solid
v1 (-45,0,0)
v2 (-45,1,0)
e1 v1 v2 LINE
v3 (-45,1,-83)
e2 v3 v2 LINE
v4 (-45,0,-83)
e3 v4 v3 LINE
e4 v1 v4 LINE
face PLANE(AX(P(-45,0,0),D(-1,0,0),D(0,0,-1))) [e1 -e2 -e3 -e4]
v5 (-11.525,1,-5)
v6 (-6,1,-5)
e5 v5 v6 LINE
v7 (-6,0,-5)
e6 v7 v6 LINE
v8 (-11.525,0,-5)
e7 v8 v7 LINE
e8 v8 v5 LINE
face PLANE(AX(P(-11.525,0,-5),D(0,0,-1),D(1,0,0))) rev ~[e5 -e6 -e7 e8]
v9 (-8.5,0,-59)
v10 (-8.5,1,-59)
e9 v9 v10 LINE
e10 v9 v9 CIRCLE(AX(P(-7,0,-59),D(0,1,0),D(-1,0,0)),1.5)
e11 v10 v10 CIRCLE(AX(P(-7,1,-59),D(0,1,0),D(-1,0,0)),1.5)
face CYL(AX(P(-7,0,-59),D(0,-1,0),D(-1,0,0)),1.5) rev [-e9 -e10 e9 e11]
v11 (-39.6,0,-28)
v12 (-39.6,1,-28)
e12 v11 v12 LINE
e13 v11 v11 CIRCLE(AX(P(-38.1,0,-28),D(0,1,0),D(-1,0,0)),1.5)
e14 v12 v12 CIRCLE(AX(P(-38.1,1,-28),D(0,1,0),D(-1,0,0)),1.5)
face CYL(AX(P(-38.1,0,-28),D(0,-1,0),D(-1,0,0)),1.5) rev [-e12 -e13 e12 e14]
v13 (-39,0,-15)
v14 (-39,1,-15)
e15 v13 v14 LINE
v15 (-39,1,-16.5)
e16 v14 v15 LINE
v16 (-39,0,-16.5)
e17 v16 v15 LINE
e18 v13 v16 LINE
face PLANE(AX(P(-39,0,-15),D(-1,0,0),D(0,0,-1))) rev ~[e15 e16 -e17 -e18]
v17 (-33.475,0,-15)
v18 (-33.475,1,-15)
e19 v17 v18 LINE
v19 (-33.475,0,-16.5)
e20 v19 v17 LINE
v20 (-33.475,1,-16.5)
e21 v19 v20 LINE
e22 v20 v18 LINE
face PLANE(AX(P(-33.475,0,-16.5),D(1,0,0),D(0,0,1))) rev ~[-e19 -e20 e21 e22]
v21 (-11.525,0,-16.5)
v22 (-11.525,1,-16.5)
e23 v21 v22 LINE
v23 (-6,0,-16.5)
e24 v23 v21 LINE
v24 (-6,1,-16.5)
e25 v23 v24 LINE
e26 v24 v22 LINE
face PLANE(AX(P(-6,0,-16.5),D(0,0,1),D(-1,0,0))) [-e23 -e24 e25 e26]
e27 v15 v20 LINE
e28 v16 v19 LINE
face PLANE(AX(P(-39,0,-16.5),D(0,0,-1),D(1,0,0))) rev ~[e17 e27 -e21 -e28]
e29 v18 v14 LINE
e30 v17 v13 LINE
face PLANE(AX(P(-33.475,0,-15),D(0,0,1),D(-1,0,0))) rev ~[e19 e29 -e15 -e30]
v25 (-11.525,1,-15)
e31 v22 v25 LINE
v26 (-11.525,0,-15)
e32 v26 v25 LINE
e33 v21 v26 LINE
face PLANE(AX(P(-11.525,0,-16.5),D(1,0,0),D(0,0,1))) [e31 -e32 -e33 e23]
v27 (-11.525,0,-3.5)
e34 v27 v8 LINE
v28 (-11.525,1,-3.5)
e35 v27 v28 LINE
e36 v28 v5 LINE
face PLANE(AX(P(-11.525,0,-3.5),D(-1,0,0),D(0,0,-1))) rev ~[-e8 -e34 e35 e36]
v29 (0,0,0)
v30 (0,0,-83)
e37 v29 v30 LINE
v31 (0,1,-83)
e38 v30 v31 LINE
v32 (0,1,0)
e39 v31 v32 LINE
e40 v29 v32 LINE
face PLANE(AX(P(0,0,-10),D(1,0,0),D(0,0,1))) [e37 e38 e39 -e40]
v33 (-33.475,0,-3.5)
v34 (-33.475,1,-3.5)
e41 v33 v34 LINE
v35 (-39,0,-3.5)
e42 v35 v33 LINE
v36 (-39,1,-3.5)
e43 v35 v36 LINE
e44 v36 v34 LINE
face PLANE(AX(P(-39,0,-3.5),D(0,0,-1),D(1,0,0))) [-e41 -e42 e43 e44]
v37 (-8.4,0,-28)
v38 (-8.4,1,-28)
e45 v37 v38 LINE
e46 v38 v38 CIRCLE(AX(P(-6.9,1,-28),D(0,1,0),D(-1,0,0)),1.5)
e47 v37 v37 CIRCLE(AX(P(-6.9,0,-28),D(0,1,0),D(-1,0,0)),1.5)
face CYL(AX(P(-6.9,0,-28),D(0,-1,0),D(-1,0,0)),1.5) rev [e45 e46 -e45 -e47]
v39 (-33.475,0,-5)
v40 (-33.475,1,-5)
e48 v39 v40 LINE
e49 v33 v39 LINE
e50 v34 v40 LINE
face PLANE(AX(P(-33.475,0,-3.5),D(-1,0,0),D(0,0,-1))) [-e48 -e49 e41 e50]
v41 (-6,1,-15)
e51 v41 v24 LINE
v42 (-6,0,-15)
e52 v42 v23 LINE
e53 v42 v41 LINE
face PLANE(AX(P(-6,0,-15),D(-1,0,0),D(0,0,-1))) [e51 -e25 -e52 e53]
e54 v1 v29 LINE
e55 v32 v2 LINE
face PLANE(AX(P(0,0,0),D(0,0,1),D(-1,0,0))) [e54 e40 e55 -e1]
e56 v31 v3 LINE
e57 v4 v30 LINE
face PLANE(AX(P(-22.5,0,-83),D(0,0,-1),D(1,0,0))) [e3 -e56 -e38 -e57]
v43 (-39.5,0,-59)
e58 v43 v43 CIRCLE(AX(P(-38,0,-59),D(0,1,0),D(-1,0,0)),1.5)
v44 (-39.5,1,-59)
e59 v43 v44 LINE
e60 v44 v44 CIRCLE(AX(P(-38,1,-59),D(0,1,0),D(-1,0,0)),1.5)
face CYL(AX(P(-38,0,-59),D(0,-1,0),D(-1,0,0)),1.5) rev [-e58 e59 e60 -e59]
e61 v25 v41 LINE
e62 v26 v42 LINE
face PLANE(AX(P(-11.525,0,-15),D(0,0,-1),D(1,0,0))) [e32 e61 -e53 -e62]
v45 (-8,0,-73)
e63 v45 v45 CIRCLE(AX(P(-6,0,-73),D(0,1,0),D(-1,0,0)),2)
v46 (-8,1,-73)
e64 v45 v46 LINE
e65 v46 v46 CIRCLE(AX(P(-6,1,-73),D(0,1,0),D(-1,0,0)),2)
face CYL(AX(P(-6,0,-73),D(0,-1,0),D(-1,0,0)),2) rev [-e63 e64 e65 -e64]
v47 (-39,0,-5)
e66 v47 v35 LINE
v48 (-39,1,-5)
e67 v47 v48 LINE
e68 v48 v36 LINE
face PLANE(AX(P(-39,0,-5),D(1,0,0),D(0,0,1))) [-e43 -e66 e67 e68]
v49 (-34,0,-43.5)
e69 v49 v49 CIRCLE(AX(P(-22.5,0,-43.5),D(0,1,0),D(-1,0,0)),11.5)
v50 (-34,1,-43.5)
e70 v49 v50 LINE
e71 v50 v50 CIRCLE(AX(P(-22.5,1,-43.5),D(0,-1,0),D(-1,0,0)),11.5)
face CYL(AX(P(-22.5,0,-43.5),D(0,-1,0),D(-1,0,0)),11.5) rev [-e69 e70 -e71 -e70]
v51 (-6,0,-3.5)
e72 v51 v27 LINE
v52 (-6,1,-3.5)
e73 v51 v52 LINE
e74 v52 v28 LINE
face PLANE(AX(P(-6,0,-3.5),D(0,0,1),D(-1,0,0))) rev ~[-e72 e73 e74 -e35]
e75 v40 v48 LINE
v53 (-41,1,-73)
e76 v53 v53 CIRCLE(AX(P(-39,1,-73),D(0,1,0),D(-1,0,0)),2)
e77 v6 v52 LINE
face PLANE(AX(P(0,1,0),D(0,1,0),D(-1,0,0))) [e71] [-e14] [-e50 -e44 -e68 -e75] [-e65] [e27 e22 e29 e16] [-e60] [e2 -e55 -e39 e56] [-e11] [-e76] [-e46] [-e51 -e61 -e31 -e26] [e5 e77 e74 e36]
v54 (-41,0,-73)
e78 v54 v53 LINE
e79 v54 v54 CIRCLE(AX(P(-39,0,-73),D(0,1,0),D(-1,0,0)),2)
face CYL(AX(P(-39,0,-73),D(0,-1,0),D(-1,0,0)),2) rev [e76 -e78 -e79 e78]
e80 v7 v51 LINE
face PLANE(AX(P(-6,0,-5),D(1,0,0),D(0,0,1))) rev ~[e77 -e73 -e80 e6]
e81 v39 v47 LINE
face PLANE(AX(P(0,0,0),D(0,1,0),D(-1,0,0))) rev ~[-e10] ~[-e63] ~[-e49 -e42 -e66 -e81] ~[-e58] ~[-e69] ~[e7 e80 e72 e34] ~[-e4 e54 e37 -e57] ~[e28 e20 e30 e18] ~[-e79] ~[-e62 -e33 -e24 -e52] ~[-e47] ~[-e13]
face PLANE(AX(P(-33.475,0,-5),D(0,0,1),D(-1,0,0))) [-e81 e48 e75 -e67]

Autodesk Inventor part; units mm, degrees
ref_plane "YZ Plane" through (0, 0, 0) normal (1, 0, 0) x (0, 1, 0)
ref_plane "XZ Plane" through (0, 0, 0) normal (0, 1, 0) x (-1, 0, 0)
ref_plane "XY Plane" through (0, 0, 0) normal (0, 0, 1) x (1, 0, 0)
sketch "Sketch1" plane through (0, 0, 0) normal (0, 1, 0) x (-1, 0, 0)
  line L0 (0, 0) -> (45, 0)
  line L1 (45, 0) -> (45, -83)
  line L2 (45, -83) -> (0, -83)
  line L3 (0, -83) -> (0, 0)
  circle A0 centre (39, -73) radius 2
  line L4 (22.5, 0) -> (22.5, -83)
  circle A1 centre (22.5, -43.5) radius 11.5
  circle A2 centre (38.1, -28) radius 1.5
  circle A3 centre (38, -59) radius 1.5
  circle A4 centre (6, -73) radius 2
  circle A5 centre (6.9, -28) radius 1.5
  circle A6 centre (7, -59) radius 1.5
  line L5 (45, -10) -> (0, -10)
  line L6 (6, -3.5) -> (11.525, -3.5)
  line L7 (11.525, -3.5) -> (11.525, -5)
  line L8 (11.525, -5) -> (6, -5)
  line L9 (6, -5) -> (6, -3.5)
  line L10 (6, -16.5) -> (11.525, -16.5)
  line L11 (11.525, -16.5) -> (11.525, -15)
  line L12 (11.525, -15) -> (6, -15)
  line L13 (6, -15) -> (6, -16.5)
  line L14 (39, -3.5) -> (33.475, -3.5)
  line L15 (33.475, -3.5) -> (33.475, -5)
  line L16 (33.475, -5) -> (39, -5)
  line L17 (39, -5) -> (39, -3.5)
  line L18 (39, -16.5) -> (33.475, -16.5)
  line L19 (33.475, -15) -> (39, -15)
  line L20 (39, -15) -> (39, -16.5)
  line L21 (33.475, -16.5) -> (33.475, -15)
  dimension "d0" = 45
  dimension "d1" = 83
  dimension "d2" = 10
  dimension "d3" = 6
  dimension "d9" = 4
  dimension "d13" = 45
  dimension "d14" = 24
  dimension "d15" = 31
  dimension "d16" = 31
  dimension "d17" = 15.5
  dimension "d18" = 23
  dimension "d19" = 3
  dimension "d20" = 3
  dimension "d22" = 20
  dimension "d23" = 6
  dimension "d24" = 10
  dimension "d25" = 1.5
extrude "Extrusion2" add sketch "Sketch1" along normal blind 1 contours L0 L4 L5 L3 | L0 L1 L5 L4 | L5 L4 A1 L2 L3 | L5 L1 L2 L4 A1
equation "\"d13\" = d0"
equation "\"d16\" = d15"
equation "\"d17\" = 0.5 * d15"
properties part number "Platte1"
